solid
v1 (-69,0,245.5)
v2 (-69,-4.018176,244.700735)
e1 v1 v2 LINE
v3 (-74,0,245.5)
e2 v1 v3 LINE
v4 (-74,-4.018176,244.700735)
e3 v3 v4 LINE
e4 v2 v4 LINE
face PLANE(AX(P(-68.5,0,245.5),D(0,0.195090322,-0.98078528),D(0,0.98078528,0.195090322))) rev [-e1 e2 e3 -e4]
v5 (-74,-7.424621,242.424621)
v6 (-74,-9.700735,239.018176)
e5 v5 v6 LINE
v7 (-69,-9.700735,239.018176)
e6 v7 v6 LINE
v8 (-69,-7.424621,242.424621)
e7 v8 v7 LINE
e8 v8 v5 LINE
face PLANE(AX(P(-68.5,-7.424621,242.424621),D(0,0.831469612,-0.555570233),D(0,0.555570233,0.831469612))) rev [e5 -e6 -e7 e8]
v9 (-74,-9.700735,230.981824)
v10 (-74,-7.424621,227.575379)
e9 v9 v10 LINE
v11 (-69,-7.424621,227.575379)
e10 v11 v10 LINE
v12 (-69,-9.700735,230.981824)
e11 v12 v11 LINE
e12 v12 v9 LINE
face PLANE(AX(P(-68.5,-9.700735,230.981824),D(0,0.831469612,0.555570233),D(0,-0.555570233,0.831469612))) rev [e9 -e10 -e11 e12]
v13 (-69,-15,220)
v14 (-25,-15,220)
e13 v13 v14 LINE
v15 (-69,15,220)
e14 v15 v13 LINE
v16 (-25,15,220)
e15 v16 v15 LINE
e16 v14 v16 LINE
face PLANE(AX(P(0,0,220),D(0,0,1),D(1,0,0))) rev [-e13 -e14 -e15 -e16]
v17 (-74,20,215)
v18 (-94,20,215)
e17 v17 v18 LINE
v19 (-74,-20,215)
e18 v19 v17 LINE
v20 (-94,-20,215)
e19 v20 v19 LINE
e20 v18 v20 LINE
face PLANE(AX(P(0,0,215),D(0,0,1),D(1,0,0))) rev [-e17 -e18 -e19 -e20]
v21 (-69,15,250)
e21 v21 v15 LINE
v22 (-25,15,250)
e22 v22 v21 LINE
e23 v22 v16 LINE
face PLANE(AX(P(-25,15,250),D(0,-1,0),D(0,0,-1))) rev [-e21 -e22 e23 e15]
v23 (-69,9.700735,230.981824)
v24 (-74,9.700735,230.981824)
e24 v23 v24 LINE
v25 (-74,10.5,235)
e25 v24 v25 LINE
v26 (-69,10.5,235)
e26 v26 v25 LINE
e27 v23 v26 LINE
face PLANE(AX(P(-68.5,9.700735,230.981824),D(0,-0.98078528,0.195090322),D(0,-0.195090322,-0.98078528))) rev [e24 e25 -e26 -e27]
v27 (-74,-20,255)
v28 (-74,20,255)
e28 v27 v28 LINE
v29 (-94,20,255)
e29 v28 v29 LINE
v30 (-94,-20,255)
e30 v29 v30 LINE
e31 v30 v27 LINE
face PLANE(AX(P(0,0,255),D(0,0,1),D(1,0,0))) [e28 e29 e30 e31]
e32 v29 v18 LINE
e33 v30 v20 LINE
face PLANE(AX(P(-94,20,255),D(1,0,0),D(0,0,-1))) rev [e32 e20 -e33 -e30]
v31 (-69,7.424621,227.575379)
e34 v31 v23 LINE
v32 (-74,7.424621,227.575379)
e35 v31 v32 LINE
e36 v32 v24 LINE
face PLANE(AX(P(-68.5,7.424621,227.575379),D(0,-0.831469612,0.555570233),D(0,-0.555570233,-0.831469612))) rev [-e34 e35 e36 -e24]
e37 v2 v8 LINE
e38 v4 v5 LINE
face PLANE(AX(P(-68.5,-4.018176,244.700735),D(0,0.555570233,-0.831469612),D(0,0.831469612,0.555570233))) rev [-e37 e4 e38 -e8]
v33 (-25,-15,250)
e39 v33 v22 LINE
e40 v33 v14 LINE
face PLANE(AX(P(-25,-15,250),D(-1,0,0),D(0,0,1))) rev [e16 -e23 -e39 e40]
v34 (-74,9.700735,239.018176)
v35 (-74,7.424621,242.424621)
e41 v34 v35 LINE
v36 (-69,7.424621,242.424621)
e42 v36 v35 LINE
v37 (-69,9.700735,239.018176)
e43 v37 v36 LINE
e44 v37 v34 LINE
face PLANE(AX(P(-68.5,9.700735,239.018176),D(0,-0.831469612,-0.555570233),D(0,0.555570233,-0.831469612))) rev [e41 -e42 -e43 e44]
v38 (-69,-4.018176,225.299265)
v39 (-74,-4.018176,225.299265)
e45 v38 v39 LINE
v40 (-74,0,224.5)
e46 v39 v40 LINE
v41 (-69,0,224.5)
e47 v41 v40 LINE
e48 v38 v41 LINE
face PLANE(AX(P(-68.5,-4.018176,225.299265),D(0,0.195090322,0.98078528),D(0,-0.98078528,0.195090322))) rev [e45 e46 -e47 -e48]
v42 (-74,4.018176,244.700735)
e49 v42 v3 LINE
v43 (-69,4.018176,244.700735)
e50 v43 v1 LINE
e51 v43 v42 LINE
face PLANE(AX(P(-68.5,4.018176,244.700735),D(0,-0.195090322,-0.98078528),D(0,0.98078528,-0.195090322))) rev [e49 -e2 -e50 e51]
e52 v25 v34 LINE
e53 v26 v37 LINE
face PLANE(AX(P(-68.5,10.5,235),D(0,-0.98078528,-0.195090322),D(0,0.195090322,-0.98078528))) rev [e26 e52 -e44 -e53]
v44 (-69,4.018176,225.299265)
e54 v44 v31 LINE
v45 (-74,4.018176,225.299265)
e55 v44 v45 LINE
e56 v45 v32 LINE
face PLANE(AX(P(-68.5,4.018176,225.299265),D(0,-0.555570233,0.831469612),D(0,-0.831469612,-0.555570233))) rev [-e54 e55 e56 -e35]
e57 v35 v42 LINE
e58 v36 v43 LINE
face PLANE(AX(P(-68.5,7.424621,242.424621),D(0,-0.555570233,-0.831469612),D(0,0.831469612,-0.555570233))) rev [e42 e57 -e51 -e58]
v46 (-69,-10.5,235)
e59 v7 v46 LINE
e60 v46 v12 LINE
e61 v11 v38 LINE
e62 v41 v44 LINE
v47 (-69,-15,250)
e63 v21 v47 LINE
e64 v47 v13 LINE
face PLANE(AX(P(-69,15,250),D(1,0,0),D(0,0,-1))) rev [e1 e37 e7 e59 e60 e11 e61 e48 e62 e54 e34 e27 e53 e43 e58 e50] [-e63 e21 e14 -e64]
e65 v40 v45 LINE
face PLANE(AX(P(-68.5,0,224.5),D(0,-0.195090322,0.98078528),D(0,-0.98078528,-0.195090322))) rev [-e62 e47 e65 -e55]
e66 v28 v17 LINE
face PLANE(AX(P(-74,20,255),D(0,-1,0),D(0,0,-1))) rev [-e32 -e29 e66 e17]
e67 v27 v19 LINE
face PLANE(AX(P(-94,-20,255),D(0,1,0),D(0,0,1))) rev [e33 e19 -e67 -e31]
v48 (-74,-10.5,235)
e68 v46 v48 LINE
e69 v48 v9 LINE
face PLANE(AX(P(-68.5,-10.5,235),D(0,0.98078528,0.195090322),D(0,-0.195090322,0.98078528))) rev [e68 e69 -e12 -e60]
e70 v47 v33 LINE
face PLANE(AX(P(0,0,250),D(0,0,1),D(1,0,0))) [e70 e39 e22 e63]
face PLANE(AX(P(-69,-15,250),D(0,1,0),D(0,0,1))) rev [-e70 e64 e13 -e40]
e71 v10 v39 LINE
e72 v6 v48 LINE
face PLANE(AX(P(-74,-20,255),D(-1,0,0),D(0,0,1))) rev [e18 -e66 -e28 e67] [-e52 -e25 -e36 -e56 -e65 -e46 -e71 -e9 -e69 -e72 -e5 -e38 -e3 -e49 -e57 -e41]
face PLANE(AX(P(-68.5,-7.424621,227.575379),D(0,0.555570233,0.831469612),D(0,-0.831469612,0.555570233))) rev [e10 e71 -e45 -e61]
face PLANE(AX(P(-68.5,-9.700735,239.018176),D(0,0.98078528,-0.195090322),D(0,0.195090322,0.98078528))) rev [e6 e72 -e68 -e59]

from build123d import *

# Parameters (mm, degrees)
SK_HEAD_W           = 20
SK_HEAD_H           = 40
HEAD_DEPTH          = 40
BUSHING_DEPTH       = 6
SK_CONTACT_BLOCK_W  = 44
SK_CONTACT_BLOCK_H  = 30
CONTACT_BLOCK_DEPTH = 30


with BuildPart() as part:
    # SK_Head → Head (new body)
    with BuildSketch(Plane.XY.offset(215)):
        with Locations((-84, 0)):
            Rectangle(SK_HEAD_W, SK_HEAD_H)
    extrude(amount=HEAD_DEPTH)

    # SK_Bushing → Bushing (add)
    with BuildSketch(Plane(origin=(-74.5, 0, 0), x_dir=(0, 0, -1), z_dir=(1, 0, 0))):
        Polygon((-239.01817604, 9.700735091), (-242.424621202, 7.424621202), (-244.700735091, 4.01817604), (-245.5, 0), (-244.700735091, -4.01817604), (-242.424621202, -7.424621202), (-239.01817604, -9.700735091), (-235, -10.5), (-230.98182396, -9.700735091), (-227.575378798, -7.424621202), (-225.299264909, -4.01817604), (-224.5, 0), (-225.299264909, 4.01817604), (-227.575378798, 7.424621202), (-230.98182396, 9.700735091), (-235, 10.5), align=None)
    extrude(amount=BUSHING_DEPTH)

    # SK_Contact_Block → Contact_Block (add)
    with BuildSketch(Plane.XY.offset(220)):
        with Locations((-47, 0)):
            Rectangle(SK_CONTACT_BLOCK_W, SK_CONTACT_BLOCK_H)
    extrude(amount=CONTACT_BLOCK_DEPTH)


solid = part.part
